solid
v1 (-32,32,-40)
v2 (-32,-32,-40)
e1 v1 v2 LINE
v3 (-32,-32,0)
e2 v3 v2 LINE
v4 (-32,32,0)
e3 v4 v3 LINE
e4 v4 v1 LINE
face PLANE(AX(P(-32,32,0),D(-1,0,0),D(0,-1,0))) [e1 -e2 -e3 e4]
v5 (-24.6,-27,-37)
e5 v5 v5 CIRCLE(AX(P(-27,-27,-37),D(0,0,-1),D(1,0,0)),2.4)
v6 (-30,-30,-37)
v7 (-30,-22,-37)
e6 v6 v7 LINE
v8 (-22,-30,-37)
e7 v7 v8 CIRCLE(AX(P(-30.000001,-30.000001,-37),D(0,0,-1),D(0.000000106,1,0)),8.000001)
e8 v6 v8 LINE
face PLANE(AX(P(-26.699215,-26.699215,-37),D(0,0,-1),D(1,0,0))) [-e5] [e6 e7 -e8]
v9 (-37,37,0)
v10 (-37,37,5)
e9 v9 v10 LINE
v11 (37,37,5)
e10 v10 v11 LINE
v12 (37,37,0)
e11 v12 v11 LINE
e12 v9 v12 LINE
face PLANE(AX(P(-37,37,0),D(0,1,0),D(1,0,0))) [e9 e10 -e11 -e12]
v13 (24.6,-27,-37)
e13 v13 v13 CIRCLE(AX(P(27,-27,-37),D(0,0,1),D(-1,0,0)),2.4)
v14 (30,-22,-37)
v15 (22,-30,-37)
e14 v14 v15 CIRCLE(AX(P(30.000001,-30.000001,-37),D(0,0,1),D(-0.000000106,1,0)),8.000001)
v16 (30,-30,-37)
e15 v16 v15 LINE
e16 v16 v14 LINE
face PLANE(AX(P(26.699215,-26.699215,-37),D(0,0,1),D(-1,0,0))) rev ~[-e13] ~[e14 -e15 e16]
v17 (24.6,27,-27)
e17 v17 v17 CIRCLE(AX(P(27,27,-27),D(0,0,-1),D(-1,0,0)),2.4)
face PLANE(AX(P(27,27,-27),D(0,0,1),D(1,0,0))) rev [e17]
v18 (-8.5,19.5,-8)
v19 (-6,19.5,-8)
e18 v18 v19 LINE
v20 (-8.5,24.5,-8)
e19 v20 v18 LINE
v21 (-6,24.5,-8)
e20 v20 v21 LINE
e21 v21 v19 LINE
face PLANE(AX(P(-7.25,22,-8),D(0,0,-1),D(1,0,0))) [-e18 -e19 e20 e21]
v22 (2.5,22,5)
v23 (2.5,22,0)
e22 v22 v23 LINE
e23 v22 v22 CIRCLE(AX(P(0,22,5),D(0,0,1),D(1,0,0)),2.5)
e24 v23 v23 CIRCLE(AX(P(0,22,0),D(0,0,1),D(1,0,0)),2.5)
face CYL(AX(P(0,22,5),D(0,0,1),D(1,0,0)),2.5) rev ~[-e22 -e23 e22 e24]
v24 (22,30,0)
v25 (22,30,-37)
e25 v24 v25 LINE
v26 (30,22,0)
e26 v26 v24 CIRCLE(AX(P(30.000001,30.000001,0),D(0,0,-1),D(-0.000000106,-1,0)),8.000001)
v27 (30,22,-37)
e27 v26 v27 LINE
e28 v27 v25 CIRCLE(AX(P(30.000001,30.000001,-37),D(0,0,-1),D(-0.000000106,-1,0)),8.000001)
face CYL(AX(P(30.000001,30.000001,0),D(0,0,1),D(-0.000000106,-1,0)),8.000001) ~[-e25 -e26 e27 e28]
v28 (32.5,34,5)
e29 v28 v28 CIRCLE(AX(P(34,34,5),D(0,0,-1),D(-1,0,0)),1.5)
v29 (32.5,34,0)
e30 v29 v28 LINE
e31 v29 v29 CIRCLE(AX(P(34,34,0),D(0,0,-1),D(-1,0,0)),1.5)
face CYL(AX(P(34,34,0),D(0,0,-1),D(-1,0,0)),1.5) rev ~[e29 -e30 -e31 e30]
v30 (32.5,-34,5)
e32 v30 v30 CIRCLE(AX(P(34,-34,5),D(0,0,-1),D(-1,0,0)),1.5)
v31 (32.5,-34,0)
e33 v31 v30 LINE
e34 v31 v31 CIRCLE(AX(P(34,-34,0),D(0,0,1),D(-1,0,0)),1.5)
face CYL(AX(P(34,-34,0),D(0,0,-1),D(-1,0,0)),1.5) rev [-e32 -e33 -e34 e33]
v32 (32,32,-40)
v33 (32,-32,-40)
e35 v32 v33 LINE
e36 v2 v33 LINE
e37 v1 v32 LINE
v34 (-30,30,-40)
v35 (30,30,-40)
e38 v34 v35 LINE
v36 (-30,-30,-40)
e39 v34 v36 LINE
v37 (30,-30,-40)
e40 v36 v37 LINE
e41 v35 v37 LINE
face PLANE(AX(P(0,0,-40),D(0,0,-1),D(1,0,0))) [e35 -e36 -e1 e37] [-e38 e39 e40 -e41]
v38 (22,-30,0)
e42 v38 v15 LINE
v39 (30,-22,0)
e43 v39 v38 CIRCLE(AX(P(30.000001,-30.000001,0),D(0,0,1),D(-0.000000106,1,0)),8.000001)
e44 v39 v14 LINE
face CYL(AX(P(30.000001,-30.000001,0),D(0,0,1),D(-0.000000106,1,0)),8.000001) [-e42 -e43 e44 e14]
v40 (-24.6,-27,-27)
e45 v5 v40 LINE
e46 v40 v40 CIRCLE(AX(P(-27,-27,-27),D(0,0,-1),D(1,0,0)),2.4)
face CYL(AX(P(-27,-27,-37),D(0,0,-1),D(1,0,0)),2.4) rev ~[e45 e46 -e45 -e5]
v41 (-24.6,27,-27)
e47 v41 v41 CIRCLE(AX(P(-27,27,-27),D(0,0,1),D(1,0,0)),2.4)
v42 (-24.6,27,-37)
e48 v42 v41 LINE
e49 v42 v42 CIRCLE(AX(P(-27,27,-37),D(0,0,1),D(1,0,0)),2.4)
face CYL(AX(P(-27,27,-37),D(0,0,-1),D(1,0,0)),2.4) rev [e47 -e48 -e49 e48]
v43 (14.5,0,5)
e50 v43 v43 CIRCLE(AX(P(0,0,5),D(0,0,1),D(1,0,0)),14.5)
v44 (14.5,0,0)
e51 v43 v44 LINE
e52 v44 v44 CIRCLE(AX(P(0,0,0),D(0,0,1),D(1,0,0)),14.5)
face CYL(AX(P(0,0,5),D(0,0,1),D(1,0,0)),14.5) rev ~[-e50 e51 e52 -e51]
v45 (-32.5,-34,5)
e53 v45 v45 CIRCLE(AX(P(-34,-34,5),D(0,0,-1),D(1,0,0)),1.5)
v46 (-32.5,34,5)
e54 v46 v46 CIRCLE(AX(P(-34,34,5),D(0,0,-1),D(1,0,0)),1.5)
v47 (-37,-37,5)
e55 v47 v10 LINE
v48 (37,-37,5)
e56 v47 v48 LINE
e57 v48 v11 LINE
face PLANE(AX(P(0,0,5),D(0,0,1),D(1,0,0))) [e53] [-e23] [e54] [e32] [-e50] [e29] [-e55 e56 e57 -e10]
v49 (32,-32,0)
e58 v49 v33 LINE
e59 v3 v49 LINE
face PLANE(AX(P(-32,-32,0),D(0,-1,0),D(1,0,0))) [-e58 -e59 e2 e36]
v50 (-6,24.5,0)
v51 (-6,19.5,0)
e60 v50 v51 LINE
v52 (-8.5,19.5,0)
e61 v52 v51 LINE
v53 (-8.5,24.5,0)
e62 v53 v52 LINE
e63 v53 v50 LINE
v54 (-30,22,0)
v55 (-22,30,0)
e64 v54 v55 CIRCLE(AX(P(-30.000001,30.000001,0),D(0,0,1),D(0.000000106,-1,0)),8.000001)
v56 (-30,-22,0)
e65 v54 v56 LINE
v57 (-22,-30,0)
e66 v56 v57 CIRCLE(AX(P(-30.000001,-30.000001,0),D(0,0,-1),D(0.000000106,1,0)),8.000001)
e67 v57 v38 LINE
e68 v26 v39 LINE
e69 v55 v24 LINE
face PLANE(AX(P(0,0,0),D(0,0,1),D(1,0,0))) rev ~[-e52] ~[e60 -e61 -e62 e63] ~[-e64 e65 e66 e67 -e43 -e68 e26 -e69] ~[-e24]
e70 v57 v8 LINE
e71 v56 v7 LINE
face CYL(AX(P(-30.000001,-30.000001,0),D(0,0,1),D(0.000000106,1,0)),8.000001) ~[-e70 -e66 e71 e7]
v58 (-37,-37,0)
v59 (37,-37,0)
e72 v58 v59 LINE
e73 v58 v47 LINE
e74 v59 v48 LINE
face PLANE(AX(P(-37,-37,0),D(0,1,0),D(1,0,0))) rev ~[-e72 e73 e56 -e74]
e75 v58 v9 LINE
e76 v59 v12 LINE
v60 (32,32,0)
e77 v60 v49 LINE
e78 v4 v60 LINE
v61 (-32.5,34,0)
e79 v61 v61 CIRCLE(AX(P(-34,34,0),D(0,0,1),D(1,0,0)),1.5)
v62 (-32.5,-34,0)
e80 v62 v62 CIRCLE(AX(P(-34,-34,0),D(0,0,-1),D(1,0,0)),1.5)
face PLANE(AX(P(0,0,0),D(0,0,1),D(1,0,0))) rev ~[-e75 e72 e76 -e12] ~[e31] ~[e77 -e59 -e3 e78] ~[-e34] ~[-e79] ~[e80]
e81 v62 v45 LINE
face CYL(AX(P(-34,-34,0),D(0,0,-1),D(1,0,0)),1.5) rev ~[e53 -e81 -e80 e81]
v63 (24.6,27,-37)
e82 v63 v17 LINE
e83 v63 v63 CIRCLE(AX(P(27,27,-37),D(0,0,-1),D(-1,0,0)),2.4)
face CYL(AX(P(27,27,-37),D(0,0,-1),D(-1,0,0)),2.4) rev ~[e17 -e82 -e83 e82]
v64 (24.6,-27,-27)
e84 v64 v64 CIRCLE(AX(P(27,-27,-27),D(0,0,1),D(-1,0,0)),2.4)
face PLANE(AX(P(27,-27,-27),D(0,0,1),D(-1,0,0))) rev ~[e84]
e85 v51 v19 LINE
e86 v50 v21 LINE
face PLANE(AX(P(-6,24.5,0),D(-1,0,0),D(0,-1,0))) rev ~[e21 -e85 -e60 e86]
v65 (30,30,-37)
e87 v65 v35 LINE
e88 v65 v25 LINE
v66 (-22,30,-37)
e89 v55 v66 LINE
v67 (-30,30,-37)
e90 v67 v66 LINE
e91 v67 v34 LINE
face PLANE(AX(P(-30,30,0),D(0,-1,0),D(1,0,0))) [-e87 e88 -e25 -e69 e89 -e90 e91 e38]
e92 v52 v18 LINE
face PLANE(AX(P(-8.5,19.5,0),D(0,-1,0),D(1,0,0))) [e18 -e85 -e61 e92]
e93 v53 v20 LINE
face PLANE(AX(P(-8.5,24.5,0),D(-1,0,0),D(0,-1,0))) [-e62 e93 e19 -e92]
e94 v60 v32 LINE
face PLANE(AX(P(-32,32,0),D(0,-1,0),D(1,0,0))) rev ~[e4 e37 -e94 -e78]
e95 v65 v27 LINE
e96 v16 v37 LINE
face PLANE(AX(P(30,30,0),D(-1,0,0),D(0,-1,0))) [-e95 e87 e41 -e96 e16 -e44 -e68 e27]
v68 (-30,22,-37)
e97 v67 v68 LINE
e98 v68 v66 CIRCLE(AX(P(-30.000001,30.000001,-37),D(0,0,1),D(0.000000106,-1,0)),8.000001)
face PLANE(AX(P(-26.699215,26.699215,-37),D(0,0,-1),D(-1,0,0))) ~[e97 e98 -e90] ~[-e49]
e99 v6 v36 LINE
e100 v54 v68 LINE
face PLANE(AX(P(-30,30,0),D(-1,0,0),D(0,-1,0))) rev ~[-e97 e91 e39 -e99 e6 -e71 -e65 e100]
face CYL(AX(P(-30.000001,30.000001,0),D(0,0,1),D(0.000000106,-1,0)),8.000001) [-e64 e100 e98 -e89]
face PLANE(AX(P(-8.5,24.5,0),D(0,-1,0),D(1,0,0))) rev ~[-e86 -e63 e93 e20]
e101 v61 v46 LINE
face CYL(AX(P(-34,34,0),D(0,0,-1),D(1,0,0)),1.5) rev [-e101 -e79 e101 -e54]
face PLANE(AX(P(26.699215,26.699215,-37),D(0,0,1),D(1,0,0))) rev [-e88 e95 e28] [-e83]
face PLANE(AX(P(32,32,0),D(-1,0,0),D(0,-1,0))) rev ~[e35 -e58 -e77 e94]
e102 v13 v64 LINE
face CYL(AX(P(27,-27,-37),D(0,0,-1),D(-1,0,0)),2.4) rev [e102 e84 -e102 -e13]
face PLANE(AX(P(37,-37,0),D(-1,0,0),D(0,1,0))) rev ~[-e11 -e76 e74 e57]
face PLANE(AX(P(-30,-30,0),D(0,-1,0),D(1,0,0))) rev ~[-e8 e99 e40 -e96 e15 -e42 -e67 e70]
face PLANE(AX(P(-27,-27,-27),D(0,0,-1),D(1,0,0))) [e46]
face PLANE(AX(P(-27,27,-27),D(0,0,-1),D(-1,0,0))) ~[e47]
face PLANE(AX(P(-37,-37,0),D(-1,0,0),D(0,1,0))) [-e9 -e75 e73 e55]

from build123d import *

# Parameters (mm, degrees)
SKETCH_W                   = 74
SKETCH_H                   = 74
PAD_DEPTH                  = 5
SKETCH002_W                = 64
SKETCH002_H                = 64
SKETCH002_W_2              = 60
SKETCH002_H_2              = 60
PAD001_DEPTH               = 40
SKETCH003_R                = 1.5
POCKET_DEPTH               = 232.834272
PAD002_DEPTH               = 37
SKETCH005_R                = 2.4
POCKET001_DEPTH            = 10
SKETCH003_MIRRORED_2_R     = 1.5
POCKET_MIRRORED_2_DEPTH    = 232.834272
PAD002_MIRRORED_2_DEPTH    = 37
SKETCH005_MIRRORED_2_R     = 2.4
POCKET001_MIRRORED_2_DEPTH = 10
SKETCH006_R                = 14.5
SKETCH006_R_2              = 2.5
POCKET002_DEPTH            = 45.001
SKETCH007_W                = 2.5
SKETCH007_H                = 5
PAD003_DEPTH               = 8


with BuildPart() as part:
    # Sketch → Pad (new body)
    with BuildSketch(Plane.XY):
        Rectangle(SKETCH_W, SKETCH_H)
    extrude(amount=PAD_DEPTH)

    # Sketch002 (on Face5 of Pad) → Pad001 (join)
    with BuildSketch(Plane(origin=(0, 0, 0), x_dir=(1, 0, 0), z_dir=(0, 0, -1))):
        Rectangle(SKETCH002_W, SKETCH002_H)
        Rectangle(SKETCH002_W_2, SKETCH002_H_2, mode=Mode.SUBTRACT)
    extrude(amount=PAD001_DEPTH)

    # Sketch003 (on Face4 of Pad001) → Pocket (cut, through all)
    with BuildSketch(Plane(origin=(0, 0, 0), x_dir=(1, 0, 0), z_dir=(0, 0, -1))):
        with Locations((-34, 34)):
            Circle(SKETCH003_R)
    pocket = extrude(amount=-POCKET_DEPTH, mode=Mode.SUBTRACT)

    # Sketch004 (on Face17 of Pocket) → Pad002 (join)
    with BuildSketch(Plane(origin=(0, 0, 0), x_dir=(1, 0, 0), z_dir=(0, 0, -1))):
        with BuildLine():
            ThreePointArc((-30, 22), (-24.343146, 24.343146), (-22, 30))
            Line((-30, 30), (-22, 30))
            Line((-30, 30), (-30, 22))
        make_face()
    pad002 = extrude(amount=PAD002_DEPTH)

    # Sketch005 (on Face17 of Pad002) → Pocket001 (cut)
    with BuildSketch(Plane(origin=(0, 0, -37), x_dir=(1, 0, 0), z_dir=(0, 0, -1))):
        with Locations((-27, 27)):
            Circle(SKETCH005_R)
    pocket001 = extrude(amount=-POCKET001_DEPTH, mode=Mode.SUBTRACT)

    # Sketch003 Mirrored 2 → Pocket Mirrored 2 (cut, through all)
    with BuildSketch(Plane(origin=(0, 0, 0), x_dir=(-1, 0, 0), z_dir=(0, 0, 1))):
        with Locations((-34, 34)):
            Circle(SKETCH003_MIRRORED_2_R)
    pocket_mirrored_2 = extrude(amount=POCKET_MIRRORED_2_DEPTH, mode=Mode.SUBTRACT)

    # Sketch004 Mirrored 2 → Pad002 Mirrored 2 (add)
    with BuildSketch(Plane(origin=(0, 0, 0), x_dir=(-1, 0, 0), z_dir=(0, 0, 1))):
        with BuildLine():
            ThreePointArc((-30, 22), (-24.343146, 24.343146), (-22, 30))
            Line((-30, 30), (-22, 30))
            Line((-30, 30), (-30, 22))
        make_face()
    pad002_mirrored_2 = extrude(amount=-PAD002_MIRRORED_2_DEPTH)

    # Sketch005 Mirrored 2 → Pocket001 Mirrored 2 (cut)
    with BuildSketch(Plane(origin=(0, 0, -37), x_dir=(-1, 0, 0), z_dir=(0, 0, 1))):
        with Locations((-27, 27)):
            Circle(SKETCH005_MIRRORED_2_R)
    pocket001_mirrored_2 = extrude(amount=POCKET001_MIRRORED_2_DEPTH, mode=Mode.SUBTRACT)

    # Mirrored001: Pocket, Pad002, Pocket001, Pocket Mirrored 2, Pad002 Mirrored 2, Pocket001 Mirrored 2 across Sketch003 H_Axis
    add(pocket.mirror(Plane(origin=(0, 0, 0), x_dir=(0, 0, -1), z_dir=(0, -1, 0))), mode=Mode.SUBTRACT)
    add(pad002.mirror(Plane(origin=(0, 0, 0), x_dir=(0, 0, -1), z_dir=(0, -1, 0))))
    add(pocket001.mirror(Plane(origin=(0, 0, 0), x_dir=(0, 0, -1), z_dir=(0, -1, 0))), mode=Mode.SUBTRACT)
    add(pocket_mirrored_2.mirror(Plane(origin=(0, 0, 0), x_dir=(0, 0, -1), z_dir=(0, -1, 0))), mode=Mode.SUBTRACT)
    add(pad002_mirrored_2.mirror(Plane(origin=(0, 0, 0), x_dir=(0, 0, -1), z_dir=(0, -1, 0))))
    add(pocket001_mirrored_2.mirror(Plane(origin=(0, 0, 0), x_dir=(0, 0, -1), z_dir=(0, -1, 0))), mode=Mode.SUBTRACT)

    # Sketch006 (on Face36 of MultiTransform) → Pocket002 (cut, through all)
    with BuildSketch(Plane.XY.offset(5)):
        Circle(SKETCH006_R)
        with Locations((0, 22)):
            Circle(SKETCH006_R_2)
    extrude(amount=-POCKET002_DEPTH, mode=Mode.SUBTRACT)

    # Sketch007 (on Face4 of Pocket002) → Pad003 (join)
    with BuildSketch(Plane(origin=(0, 0, 0), x_dir=(1, 0, 0), z_dir=(0, 0, -1))):
        with Locations((-7.25, -22)):
            Rectangle(SKETCH007_W, SKETCH007_H)
    extrude(amount=PAD003_DEPTH)


solid = part.part
